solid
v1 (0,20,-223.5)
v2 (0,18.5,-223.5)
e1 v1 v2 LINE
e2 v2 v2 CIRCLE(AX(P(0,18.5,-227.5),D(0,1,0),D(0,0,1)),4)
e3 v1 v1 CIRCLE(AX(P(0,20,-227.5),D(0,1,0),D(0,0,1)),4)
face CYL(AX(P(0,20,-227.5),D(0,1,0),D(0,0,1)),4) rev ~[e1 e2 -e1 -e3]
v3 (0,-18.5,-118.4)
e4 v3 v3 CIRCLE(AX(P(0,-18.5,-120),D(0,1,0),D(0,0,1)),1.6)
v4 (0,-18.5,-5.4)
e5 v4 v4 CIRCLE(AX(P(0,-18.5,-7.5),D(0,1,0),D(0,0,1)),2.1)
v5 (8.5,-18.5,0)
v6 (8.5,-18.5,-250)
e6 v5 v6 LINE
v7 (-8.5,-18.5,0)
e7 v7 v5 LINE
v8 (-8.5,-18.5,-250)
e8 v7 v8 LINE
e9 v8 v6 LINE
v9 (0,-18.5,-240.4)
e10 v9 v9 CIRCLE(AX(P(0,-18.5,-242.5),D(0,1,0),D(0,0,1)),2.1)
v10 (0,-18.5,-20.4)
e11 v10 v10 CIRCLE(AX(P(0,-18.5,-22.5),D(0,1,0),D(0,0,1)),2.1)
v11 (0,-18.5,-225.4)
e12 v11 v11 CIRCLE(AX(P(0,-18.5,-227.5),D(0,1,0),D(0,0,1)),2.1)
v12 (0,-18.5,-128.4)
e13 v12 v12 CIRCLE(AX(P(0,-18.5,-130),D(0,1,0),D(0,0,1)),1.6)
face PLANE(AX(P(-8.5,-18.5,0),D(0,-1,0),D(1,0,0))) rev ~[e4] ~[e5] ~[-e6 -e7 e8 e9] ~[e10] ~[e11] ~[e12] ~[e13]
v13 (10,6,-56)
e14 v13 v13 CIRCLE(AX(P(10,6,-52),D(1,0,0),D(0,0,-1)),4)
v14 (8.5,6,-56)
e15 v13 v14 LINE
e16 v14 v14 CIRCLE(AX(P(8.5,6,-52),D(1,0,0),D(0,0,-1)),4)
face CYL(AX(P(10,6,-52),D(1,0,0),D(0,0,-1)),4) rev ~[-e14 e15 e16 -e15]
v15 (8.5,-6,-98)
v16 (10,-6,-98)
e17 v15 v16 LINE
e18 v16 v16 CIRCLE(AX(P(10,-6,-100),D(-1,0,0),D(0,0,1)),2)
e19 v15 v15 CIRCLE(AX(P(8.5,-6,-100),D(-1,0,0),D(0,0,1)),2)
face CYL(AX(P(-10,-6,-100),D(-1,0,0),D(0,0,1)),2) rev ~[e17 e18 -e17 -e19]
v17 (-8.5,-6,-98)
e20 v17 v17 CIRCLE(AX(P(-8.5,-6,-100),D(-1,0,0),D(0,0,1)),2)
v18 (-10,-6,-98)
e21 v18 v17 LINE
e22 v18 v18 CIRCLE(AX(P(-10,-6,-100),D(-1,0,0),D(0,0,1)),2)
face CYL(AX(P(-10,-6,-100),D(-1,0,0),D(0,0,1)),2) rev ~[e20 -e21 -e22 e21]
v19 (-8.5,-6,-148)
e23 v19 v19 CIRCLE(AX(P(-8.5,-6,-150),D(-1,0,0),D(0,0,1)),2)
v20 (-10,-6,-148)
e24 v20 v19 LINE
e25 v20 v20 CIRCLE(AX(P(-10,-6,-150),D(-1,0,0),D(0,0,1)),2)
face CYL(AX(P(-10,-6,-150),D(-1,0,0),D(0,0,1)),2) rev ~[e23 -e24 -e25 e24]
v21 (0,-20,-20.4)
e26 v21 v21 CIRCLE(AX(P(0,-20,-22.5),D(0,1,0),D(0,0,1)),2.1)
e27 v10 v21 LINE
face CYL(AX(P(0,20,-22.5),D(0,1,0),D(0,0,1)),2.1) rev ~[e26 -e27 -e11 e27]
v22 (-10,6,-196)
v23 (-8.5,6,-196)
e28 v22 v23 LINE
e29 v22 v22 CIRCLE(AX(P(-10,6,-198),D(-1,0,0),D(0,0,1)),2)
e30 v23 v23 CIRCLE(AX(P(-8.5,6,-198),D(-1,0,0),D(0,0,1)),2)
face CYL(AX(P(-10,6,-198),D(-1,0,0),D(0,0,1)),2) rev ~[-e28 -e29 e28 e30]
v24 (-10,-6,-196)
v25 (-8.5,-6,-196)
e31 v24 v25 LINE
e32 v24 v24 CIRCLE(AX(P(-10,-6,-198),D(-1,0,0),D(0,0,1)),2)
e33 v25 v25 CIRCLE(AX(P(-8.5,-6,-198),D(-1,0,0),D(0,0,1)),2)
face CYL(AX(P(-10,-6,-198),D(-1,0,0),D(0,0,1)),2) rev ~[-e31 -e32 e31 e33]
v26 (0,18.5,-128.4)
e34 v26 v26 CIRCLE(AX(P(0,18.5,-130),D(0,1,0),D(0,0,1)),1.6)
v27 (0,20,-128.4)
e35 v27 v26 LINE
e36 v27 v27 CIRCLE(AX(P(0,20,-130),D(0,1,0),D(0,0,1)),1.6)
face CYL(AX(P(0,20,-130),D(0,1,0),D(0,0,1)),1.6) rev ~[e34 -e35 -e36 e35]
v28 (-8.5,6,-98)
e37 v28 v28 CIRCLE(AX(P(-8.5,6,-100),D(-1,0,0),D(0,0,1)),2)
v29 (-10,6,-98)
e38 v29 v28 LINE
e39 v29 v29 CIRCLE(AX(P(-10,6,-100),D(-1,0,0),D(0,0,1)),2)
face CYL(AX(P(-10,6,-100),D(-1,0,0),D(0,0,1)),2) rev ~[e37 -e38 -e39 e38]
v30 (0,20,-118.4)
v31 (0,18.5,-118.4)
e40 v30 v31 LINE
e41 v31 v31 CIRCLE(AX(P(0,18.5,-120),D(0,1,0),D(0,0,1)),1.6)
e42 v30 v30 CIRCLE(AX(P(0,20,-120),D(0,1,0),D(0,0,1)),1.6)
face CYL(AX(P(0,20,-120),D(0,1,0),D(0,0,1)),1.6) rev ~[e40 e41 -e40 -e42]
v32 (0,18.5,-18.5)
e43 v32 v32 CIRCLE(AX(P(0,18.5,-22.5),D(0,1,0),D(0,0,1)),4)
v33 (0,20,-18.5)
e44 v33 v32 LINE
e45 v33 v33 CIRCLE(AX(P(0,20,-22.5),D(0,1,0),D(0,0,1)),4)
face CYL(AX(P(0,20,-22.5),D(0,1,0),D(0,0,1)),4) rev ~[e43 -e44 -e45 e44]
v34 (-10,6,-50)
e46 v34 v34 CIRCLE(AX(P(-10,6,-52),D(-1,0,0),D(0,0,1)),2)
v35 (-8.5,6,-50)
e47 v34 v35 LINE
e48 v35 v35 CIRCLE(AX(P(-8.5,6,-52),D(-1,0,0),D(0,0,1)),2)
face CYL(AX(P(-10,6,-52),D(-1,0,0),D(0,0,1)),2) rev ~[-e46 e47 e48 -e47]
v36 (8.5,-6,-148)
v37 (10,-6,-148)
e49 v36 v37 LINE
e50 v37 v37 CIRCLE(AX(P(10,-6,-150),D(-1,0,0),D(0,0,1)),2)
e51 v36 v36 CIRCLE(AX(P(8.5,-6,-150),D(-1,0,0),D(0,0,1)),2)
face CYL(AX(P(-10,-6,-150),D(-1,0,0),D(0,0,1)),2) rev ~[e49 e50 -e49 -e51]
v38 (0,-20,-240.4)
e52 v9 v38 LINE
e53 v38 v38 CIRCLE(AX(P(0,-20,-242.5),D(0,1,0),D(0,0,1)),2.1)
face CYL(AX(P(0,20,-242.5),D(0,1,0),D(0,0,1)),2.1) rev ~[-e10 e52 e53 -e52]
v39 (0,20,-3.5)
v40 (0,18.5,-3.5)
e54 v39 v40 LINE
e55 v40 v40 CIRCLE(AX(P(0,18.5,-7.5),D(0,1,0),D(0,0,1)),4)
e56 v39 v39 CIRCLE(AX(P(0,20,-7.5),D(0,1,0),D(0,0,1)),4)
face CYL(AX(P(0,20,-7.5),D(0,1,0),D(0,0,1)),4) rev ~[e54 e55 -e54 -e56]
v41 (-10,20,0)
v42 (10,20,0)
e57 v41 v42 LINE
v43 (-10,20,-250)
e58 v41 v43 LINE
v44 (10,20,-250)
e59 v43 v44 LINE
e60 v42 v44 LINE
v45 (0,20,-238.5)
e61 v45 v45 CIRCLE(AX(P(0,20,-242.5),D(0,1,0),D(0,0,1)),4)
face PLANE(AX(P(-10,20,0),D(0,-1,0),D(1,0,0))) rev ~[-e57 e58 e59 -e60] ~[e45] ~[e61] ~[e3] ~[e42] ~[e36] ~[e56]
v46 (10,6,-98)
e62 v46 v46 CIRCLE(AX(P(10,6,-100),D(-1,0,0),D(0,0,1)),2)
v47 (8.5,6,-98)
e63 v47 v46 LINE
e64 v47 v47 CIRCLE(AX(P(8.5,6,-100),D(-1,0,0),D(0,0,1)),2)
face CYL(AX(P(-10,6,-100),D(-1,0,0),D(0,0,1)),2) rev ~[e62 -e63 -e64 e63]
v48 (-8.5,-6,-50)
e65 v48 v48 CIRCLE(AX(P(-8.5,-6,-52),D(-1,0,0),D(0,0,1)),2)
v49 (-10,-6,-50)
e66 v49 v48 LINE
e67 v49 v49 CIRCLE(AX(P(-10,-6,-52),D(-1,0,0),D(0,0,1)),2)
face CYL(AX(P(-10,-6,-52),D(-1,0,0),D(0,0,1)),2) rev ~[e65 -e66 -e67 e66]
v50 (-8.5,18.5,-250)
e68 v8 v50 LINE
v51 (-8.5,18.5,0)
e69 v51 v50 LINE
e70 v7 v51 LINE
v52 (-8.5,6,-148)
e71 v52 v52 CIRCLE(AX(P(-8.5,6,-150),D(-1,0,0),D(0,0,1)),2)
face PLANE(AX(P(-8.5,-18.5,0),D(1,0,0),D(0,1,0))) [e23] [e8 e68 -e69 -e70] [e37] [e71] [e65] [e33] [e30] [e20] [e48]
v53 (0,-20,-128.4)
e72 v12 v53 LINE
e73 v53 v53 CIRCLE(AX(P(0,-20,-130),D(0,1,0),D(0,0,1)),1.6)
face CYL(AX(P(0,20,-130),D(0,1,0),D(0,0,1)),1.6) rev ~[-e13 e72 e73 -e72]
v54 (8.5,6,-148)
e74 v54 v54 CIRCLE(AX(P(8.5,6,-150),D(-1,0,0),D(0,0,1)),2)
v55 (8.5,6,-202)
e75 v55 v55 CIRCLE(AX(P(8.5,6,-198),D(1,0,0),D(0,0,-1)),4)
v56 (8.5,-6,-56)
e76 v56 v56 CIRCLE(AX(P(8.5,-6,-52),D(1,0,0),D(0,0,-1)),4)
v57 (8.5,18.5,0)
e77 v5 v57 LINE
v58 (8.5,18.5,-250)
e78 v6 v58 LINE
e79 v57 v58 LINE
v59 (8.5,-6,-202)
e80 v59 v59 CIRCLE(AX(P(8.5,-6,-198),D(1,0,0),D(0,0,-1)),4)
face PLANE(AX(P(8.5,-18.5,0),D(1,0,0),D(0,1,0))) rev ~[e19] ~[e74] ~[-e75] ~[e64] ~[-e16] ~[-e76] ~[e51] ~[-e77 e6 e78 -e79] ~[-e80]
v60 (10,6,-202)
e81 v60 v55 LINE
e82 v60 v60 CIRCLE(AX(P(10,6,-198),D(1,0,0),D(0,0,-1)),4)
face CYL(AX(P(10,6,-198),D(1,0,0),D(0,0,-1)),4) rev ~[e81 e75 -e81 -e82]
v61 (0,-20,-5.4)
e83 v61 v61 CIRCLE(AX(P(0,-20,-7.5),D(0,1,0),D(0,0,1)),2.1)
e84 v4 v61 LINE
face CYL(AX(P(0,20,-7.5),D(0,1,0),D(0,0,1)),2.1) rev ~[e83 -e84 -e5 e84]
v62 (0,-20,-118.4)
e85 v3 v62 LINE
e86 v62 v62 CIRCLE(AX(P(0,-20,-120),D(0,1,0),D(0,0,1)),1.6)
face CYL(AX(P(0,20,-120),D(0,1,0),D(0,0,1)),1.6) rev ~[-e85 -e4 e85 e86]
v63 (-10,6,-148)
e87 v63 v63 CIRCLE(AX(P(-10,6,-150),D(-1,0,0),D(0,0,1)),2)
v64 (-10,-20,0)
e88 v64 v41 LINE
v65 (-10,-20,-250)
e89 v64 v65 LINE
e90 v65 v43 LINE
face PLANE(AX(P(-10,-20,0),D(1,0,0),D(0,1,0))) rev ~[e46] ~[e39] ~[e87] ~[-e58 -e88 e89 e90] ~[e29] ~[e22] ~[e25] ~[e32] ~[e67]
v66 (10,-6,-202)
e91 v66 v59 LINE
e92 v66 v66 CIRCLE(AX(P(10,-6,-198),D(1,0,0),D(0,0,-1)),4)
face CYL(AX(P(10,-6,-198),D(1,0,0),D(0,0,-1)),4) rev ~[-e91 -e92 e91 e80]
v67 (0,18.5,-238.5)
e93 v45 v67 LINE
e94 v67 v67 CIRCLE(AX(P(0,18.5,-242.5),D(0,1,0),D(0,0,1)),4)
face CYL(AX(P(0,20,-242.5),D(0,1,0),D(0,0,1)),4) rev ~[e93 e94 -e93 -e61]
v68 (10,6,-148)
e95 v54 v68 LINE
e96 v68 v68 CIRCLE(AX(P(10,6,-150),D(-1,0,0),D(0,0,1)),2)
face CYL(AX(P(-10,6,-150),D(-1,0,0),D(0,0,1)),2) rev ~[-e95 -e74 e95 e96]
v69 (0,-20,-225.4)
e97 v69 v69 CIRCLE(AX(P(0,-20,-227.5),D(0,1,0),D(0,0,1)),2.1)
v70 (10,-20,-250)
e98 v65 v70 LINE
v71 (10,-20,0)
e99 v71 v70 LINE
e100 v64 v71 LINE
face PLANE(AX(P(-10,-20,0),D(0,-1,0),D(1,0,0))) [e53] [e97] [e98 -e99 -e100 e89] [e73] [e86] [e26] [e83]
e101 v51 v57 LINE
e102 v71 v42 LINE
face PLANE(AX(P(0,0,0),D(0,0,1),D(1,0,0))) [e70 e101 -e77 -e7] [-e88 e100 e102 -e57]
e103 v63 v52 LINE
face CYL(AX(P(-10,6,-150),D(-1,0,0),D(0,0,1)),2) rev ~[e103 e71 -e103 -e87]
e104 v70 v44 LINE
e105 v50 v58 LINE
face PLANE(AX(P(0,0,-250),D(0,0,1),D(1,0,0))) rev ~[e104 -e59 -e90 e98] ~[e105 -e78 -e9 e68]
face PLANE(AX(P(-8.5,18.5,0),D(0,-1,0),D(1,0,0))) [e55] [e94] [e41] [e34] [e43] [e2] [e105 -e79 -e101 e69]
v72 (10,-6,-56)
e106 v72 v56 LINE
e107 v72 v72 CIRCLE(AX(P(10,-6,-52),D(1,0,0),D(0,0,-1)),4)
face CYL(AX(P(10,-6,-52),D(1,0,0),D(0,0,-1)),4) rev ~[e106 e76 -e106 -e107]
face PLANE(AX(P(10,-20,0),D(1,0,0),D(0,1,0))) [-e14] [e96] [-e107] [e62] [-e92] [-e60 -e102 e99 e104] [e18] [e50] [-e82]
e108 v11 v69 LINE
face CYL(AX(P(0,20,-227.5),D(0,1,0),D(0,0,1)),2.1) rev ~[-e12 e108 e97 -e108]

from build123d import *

# Parameters (mm, degrees)
SKETCH_1_W          = 20
SKETCH_1_H          = 40
SKETCH_1_W_2        = 17
SKETCH_1_H_2        = 37
EXTRUDE_1_DEPTH     = 250
SKETCH_2_R          = 2
CUT_EXTRUDE_1_DEPTH = 252.594912508
SKETCH_3_R          = 2.1
CUT_EXTRUDE_2_DEPTH = 254.377189186
SKETCH_4_R          = 1.6
CUT_EXTRUDE_3_DEPTH = 254.377189186
SKETCH_5_R          = 4
CUT_EXTRUDE_4_DEPTH = 10
SKETCH_6_R          = 4
CUT_EXTRUDE_5_DEPTH = 10


with BuildPart() as part:
    # 草图1 → 凸台-拉伸1 (new body)
    with BuildSketch(Plane.XY):
        Rectangle(SKETCH_1_W, SKETCH_1_H)
        Rectangle(SKETCH_1_W_2, SKETCH_1_H_2, mode=Mode.SUBTRACT)
    extrude(amount=-EXTRUDE_1_DEPTH)

    # 草图2 → 切除-拉伸1 (cut, through all)
    with BuildSketch(Plane.ZY.offset(10)):
        with Locations((-100, 6)):
            Circle(SKETCH_2_R)
        with Locations((-52, 6)):
            Circle(SKETCH_2_R)
        with Locations((-52, -6)):
            Circle(SKETCH_2_R)
        with Locations((-100, -6)):
            Circle(SKETCH_2_R)
        with Locations((-150, -6)):
            Circle(SKETCH_2_R)
        with Locations((-198, -6)):
            Circle(SKETCH_2_R)
        with Locations((-198, 6)):
            Circle(SKETCH_2_R)
        with Locations((-150, 6)):
            Circle(SKETCH_2_R)
    extrude(amount=-CUT_EXTRUDE_1_DEPTH, mode=Mode.SUBTRACT)

    # 草图3 → 切除-拉伸2 (cut, through all)
    with BuildSketch(Plane(origin=(0, 20, 0), x_dir=(1, 0, 0), z_dir=(0, 1, 0))):
        with Locations(Location((0, 22.5, 0), (0, 0, 270))):
            Circle(SKETCH_3_R)
        with Locations(Location((0, 7.5, 0), (0, 0, 270))):
            Circle(SKETCH_3_R)
        with Locations(Location((0, 242.5, 0), (0, 0, 270))):
            Circle(SKETCH_3_R)
        with Locations(Location((0, 227.5, 0), (0, 0, 270))):
            Circle(SKETCH_3_R)
    extrude(amount=-CUT_EXTRUDE_2_DEPTH, mode=Mode.SUBTRACT)

    # 草图4 → 切除-拉伸3 (cut, through all)
    with BuildSketch(Plane(origin=(0, 20, 0), x_dir=(1, 0, 0), z_dir=(0, 1, 0))):
        with Locations(Location((0, 130, 0), (0, 0, 270))):
            Circle(SKETCH_4_R)
        with Locations(Location((0, 120, 0), (0, 0, 270))):
            Circle(SKETCH_4_R)
    extrude(amount=-CUT_EXTRUDE_3_DEPTH, mode=Mode.SUBTRACT)

    # 草图5 → 切除-拉伸4 (cut)
    with BuildSketch(Plane(origin=(0, 20, 0), x_dir=(1, 0, 0), z_dir=(0, 1, 0))):
        with Locations(Location((0, 22.5, 0), (0, 0, 270))):
            Circle(SKETCH_5_R)
        with Locations(Location((0, 7.5, 0), (0, 0, 270))):
            Circle(SKETCH_5_R)
        with Locations(Location((0, 242.5, 0), (0, 0, 270))):
            Circle(SKETCH_5_R)
        with Locations(Location((0, 227.5, 0), (0, 0, 270))):
            Circle(SKETCH_5_R)
    extrude(amount=-CUT_EXTRUDE_4_DEPTH, mode=Mode.SUBTRACT)

    # 草图6 → 切除-拉伸5 (cut)
    with BuildSketch(Plane(origin=(10, 0, 0), x_dir=(0, 0, -1), z_dir=(1, 0, 0))):
        with Locations((52, 6)):
            Circle(SKETCH_6_R)
        with Locations((52, -6)):
            Circle(SKETCH_6_R)
        with Locations((198, 6)):
            Circle(SKETCH_6_R)
        with Locations((198, -6)):
            Circle(SKETCH_6_R)
    extrude(amount=-CUT_EXTRUDE_5_DEPTH, mode=Mode.SUBTRACT)


solid = part.part
